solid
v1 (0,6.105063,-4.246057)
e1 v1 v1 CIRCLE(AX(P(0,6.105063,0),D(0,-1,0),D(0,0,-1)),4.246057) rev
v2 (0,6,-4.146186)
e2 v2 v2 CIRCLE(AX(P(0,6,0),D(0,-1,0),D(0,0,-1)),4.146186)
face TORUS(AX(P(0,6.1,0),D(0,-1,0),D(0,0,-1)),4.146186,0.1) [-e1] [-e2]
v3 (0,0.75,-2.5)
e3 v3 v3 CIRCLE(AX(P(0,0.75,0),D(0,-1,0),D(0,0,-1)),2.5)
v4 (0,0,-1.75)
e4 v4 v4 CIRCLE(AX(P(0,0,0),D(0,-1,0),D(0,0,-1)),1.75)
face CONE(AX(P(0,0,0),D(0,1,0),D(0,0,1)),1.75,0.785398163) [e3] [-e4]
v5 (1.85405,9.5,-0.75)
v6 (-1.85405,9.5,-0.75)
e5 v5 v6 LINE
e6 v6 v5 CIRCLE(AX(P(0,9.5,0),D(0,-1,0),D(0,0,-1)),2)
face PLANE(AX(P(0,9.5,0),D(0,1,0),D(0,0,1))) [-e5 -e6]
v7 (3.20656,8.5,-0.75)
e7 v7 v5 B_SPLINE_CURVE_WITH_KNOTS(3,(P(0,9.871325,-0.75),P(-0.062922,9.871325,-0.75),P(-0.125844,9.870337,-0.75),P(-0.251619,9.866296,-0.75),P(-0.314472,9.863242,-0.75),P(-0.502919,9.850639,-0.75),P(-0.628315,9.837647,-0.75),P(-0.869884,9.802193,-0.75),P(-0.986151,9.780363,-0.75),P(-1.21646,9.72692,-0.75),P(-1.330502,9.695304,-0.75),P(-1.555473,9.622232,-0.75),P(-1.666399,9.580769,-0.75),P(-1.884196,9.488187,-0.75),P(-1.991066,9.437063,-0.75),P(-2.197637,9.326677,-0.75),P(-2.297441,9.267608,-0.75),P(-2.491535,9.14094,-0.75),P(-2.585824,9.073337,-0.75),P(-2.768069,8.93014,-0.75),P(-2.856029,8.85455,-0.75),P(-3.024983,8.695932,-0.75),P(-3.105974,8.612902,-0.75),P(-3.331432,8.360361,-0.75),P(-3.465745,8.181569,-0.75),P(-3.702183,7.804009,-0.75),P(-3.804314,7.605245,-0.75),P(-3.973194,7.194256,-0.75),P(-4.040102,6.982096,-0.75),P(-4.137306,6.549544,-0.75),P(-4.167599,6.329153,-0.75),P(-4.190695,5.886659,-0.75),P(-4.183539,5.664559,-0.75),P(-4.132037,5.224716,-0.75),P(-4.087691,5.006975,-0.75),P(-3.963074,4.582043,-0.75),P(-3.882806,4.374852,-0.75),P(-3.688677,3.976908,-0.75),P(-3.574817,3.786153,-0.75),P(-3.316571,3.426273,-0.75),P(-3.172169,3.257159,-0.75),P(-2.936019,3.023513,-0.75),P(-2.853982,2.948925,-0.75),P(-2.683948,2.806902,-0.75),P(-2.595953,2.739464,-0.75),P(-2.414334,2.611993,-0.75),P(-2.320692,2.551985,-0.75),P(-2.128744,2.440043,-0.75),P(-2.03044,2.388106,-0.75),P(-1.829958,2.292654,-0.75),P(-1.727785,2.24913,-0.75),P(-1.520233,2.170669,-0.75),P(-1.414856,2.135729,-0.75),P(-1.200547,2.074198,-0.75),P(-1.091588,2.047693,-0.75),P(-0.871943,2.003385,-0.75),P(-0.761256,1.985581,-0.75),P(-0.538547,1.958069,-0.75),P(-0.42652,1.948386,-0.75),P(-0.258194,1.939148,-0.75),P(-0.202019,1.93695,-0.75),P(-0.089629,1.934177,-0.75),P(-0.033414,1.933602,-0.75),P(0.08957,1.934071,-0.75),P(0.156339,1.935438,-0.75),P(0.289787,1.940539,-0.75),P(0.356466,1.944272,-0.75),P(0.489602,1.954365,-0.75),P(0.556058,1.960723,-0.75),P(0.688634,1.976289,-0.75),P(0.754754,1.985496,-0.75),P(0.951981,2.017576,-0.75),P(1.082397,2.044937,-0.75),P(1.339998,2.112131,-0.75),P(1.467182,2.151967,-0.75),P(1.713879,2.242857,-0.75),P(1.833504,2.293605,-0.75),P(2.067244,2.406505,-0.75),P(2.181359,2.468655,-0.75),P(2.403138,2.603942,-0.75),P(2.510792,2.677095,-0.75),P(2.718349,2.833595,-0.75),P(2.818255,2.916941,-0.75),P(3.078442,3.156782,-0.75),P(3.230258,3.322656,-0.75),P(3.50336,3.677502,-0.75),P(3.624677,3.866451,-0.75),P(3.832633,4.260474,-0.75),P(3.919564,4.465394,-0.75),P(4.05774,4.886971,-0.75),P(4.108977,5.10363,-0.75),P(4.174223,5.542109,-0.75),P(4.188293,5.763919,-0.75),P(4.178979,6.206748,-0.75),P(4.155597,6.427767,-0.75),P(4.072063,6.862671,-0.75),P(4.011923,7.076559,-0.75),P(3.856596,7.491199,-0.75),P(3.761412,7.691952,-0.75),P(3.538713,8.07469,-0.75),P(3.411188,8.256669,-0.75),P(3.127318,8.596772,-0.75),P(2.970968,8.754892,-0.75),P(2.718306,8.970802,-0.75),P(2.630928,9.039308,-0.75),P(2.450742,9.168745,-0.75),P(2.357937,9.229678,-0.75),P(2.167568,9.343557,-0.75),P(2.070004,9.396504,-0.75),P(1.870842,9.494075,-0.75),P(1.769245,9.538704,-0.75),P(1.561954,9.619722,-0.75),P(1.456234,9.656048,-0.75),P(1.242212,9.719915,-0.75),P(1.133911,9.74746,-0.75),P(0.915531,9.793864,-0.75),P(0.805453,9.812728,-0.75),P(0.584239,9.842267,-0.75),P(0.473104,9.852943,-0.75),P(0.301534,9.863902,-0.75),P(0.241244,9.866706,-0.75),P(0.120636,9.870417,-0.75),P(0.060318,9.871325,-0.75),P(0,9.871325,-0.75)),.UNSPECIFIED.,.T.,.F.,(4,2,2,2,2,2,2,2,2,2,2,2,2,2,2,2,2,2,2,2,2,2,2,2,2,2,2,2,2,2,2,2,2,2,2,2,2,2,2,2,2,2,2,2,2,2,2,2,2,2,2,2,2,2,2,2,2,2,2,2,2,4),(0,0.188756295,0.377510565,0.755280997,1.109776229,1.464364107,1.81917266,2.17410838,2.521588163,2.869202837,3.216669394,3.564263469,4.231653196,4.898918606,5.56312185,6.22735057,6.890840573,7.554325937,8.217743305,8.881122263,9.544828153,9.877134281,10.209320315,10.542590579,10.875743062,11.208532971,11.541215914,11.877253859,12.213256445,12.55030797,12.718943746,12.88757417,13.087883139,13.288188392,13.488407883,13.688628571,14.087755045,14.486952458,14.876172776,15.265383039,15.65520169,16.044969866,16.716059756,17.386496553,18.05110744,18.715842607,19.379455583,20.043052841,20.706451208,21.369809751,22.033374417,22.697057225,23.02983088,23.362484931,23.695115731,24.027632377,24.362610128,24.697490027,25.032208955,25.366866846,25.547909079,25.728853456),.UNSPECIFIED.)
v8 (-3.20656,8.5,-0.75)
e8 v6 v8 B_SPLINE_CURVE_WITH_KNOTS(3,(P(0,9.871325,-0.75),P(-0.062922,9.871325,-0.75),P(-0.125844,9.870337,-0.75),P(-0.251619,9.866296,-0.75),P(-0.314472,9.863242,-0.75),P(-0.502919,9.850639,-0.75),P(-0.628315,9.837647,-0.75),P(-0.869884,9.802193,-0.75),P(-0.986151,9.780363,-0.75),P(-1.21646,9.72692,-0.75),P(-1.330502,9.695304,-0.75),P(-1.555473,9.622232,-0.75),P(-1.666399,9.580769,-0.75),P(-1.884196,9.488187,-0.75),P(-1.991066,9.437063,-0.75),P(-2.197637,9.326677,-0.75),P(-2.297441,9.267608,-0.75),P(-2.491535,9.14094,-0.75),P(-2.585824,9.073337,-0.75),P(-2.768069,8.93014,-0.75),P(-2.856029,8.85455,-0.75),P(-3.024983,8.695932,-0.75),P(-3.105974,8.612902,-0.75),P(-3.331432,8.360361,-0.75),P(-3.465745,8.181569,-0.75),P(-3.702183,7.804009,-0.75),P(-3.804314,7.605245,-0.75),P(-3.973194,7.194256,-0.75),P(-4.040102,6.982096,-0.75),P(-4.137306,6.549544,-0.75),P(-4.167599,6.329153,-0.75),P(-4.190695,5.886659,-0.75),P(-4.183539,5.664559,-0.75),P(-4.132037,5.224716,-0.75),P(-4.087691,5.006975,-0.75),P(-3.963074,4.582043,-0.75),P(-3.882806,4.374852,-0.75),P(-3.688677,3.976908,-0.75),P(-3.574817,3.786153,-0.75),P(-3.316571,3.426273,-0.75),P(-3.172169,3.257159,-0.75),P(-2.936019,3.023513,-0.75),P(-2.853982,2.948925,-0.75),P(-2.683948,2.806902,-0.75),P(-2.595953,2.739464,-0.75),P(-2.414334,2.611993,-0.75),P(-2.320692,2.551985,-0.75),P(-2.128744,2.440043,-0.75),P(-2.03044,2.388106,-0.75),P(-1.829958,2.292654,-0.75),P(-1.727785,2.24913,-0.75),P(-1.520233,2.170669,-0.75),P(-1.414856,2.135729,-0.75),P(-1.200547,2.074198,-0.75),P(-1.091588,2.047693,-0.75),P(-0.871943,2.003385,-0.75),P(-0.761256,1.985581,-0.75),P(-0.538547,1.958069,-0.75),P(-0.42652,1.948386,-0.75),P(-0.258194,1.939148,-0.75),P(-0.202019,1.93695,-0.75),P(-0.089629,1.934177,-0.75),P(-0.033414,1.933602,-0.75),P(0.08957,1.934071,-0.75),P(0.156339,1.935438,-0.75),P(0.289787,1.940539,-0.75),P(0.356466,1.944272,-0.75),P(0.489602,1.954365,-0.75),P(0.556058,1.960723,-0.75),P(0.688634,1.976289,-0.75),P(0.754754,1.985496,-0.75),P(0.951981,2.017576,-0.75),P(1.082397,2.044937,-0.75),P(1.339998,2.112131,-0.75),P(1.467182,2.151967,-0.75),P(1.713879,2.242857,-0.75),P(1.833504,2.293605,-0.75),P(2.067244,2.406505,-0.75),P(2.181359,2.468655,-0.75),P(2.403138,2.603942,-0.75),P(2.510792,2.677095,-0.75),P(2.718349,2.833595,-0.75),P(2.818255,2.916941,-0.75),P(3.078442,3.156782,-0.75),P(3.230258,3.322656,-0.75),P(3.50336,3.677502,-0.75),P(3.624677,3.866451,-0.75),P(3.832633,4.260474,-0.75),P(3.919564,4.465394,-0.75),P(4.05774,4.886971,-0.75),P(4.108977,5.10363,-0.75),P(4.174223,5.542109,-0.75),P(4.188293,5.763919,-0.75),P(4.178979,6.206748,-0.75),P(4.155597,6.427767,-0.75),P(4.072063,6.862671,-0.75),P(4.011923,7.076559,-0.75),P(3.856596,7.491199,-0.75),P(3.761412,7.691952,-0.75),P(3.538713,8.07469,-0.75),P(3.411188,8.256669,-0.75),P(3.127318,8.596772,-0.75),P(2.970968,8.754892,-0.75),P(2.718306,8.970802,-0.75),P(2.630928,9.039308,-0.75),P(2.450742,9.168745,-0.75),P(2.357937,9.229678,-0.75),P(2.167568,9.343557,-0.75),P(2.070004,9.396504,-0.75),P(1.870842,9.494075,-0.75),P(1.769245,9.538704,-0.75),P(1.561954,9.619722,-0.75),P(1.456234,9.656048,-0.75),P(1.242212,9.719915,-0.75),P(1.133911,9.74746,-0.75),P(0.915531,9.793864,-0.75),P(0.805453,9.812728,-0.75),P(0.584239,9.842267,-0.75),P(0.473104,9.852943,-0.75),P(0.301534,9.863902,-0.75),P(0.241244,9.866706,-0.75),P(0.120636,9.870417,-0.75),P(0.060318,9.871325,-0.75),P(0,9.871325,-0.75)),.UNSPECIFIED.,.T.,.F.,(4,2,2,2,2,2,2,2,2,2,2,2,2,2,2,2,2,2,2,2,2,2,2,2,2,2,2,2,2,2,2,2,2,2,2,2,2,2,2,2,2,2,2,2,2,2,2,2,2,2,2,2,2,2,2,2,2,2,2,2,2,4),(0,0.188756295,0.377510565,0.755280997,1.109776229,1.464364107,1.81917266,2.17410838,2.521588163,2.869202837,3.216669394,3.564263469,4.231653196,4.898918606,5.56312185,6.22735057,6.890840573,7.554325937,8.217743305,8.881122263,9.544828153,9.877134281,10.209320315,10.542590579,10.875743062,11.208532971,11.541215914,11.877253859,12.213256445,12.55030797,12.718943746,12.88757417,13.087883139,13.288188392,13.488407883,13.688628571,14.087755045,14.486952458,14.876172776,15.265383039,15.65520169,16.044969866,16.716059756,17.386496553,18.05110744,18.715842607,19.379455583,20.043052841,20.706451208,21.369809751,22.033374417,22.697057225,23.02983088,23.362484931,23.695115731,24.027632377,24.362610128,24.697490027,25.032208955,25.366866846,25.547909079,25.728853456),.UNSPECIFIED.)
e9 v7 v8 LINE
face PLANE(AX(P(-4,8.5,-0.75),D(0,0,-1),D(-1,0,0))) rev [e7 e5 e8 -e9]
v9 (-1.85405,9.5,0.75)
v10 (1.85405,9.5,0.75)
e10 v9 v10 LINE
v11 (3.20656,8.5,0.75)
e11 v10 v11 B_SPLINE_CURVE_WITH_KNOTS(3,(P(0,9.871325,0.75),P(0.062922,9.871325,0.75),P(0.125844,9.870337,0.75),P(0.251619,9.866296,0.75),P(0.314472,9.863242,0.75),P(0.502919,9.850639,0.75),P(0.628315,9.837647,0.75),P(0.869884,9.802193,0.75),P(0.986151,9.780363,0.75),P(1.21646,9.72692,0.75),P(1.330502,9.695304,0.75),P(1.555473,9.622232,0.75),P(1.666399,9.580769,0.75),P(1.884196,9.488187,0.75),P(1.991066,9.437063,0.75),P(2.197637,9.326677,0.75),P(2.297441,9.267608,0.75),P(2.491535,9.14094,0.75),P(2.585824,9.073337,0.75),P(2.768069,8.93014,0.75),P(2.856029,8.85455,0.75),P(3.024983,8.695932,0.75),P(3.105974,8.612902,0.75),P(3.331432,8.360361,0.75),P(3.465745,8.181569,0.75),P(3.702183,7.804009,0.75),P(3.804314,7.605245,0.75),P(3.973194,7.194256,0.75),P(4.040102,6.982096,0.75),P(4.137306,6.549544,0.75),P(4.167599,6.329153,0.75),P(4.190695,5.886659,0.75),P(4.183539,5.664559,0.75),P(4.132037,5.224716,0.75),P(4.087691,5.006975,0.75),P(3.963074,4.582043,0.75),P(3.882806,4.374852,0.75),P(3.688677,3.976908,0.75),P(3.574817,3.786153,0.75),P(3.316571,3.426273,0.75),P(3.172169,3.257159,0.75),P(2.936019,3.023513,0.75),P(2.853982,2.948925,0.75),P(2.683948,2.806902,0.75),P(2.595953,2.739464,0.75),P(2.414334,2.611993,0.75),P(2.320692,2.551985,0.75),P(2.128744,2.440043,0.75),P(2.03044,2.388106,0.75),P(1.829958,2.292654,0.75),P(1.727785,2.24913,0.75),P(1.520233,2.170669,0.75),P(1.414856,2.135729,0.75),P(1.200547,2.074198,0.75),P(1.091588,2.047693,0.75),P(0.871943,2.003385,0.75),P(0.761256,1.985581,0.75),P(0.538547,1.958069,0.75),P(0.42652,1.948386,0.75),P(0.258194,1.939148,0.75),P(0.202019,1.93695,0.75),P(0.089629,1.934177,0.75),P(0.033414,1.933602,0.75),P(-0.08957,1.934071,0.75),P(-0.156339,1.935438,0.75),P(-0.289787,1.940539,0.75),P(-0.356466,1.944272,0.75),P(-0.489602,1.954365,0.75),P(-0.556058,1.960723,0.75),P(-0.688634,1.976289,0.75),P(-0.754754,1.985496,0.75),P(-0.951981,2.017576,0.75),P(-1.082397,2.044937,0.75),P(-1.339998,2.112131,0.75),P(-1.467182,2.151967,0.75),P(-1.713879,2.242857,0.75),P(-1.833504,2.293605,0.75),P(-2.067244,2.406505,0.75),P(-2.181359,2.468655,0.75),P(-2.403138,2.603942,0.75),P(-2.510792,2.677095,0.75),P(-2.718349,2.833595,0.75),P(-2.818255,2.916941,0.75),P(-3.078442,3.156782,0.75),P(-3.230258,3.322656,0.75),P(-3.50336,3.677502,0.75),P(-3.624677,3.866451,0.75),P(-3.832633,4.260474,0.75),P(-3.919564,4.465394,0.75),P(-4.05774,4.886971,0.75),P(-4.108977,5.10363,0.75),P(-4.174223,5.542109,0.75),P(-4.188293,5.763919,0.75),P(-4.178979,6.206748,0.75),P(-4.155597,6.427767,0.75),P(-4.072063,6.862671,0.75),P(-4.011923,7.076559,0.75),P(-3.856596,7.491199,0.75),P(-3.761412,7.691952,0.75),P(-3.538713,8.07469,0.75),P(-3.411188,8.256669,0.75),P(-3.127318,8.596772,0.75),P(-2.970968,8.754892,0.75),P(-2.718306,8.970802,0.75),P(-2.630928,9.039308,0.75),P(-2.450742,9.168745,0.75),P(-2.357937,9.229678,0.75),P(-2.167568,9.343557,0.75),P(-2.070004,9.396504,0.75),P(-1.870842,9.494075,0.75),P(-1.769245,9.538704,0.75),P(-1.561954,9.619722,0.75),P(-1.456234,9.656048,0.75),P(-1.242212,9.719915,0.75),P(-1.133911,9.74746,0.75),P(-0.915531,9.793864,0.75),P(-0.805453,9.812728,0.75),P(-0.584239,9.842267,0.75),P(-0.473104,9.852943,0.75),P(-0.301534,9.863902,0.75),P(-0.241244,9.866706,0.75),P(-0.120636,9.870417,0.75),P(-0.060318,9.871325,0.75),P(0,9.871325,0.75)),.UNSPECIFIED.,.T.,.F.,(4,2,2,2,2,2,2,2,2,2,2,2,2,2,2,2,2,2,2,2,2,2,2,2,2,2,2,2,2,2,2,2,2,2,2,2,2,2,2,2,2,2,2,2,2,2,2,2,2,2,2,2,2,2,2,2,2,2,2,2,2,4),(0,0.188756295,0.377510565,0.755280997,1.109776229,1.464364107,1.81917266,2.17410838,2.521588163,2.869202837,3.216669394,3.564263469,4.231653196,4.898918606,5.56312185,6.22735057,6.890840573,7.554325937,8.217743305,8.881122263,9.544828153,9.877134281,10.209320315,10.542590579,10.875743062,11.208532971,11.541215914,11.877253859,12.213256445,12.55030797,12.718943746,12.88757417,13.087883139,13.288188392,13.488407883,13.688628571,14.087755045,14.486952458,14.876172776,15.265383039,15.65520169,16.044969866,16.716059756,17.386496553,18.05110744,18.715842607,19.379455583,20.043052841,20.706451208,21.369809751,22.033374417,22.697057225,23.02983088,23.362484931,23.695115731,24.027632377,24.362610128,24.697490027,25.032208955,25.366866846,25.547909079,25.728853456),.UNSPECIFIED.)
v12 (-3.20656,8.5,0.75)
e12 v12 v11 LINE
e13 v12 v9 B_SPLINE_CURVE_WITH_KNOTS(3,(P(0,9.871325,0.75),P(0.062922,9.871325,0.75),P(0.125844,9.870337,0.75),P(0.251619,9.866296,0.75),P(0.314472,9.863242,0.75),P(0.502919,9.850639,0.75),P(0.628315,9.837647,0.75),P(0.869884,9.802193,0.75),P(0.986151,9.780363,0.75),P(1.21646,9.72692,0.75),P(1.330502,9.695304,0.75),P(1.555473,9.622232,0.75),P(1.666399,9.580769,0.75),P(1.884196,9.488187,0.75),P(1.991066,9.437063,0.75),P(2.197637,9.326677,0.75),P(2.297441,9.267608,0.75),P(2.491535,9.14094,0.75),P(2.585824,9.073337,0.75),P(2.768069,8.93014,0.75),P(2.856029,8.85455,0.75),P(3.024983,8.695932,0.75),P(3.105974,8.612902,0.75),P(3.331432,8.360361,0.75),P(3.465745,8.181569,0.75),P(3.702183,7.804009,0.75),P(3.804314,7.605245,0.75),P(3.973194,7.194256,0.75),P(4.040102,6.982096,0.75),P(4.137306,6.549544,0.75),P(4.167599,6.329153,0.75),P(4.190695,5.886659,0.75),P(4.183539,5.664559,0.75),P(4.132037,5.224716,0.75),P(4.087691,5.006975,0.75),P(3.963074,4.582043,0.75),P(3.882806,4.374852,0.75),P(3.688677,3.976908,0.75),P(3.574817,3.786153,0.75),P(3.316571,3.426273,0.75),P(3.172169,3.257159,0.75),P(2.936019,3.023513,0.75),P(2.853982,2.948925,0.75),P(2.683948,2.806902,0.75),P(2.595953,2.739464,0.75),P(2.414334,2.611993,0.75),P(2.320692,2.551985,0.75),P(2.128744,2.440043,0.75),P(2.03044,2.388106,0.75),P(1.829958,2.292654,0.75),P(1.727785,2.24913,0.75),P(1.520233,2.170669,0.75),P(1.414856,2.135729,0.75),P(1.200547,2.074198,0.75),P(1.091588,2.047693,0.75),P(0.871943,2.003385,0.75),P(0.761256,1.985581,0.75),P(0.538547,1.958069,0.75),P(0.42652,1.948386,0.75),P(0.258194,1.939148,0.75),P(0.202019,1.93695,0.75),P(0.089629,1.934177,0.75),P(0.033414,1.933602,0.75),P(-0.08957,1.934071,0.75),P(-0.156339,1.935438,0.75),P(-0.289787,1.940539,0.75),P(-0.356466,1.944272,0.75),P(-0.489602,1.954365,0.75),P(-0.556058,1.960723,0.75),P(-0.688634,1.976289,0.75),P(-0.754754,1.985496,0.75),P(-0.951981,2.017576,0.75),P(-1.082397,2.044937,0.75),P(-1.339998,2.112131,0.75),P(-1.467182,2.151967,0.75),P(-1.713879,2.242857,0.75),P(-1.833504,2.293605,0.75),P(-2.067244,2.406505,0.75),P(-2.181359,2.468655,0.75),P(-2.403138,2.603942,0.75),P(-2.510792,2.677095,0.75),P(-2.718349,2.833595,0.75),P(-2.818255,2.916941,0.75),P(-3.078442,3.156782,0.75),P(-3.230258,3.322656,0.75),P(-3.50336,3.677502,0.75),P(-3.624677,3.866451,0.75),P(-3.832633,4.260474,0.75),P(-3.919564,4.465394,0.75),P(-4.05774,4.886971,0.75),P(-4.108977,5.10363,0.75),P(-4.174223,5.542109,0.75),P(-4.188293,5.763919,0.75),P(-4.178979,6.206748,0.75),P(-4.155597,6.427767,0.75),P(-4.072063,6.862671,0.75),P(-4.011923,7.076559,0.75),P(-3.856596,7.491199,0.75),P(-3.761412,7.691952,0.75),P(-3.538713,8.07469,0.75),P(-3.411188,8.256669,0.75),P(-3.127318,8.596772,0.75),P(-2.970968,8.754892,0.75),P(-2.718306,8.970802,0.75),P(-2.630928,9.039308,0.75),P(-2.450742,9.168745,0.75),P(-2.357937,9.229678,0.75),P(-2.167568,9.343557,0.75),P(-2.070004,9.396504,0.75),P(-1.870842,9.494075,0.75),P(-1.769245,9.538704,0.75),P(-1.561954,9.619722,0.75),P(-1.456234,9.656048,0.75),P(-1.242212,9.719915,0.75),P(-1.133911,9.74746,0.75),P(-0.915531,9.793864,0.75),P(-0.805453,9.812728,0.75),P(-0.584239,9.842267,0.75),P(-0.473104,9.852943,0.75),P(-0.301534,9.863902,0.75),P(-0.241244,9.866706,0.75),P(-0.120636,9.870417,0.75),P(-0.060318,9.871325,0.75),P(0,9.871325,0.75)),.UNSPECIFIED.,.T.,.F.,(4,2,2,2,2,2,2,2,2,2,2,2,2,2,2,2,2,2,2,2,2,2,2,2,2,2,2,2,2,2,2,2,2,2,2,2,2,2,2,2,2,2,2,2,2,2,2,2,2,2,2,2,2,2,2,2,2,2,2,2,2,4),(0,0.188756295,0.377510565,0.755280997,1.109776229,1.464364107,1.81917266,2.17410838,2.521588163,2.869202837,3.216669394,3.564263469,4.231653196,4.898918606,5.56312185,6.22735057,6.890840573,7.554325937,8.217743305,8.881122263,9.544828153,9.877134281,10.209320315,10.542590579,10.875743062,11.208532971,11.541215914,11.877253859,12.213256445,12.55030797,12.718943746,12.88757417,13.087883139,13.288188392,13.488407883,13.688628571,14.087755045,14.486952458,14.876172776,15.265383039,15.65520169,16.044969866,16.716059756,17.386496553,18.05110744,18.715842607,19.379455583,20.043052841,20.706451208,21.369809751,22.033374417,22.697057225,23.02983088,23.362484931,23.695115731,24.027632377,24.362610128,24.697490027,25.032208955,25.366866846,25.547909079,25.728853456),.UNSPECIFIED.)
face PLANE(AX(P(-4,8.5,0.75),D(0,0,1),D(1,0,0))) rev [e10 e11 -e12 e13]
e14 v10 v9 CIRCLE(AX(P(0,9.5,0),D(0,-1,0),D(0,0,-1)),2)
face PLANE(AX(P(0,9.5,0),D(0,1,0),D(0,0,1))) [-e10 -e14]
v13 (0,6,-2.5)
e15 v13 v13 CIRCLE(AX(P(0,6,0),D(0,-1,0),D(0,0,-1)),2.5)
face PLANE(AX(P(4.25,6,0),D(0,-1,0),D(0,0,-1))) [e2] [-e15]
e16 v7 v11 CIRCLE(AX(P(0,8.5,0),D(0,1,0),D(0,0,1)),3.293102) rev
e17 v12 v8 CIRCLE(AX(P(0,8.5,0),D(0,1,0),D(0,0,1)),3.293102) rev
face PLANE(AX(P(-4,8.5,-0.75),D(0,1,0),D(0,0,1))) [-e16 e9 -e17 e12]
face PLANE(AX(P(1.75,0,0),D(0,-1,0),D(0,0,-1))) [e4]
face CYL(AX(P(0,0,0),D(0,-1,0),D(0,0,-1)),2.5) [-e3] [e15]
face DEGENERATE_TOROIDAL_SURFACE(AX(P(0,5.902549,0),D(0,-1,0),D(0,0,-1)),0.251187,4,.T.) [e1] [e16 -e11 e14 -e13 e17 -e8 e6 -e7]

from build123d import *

# Parameters (mm, degrees)
FILLET_1_R          = 0.1
SKETCH_3_W          = 8
SKETCH_3_H          = 1.5
CUT_EXTRUDE_2_DEPTH = 1


with BuildPart() as part:
    # Эскиз1 → Повернуть1 (revolve)
    with BuildSketch(Plane.XY):
        with BuildLine():
            Line((4.25, 6), (2.5, 6))
            Line((2.5, 6), (2.5, 0.75))
            Line((2.5, 0.75), (1.75, 0))
            Line((1.75, 0), (0, 0))
            Line((0, 0), (0, 9.5))
            Line((0, 9.5), (2, 9.5))
            ThreePointArc((2, 9.5), (3.615901166, 8.065579321), (4.25, 6))
        make_face()
    revolve(axis=Axis((0, 0, 0), (0, 1, 0)))

    # Скругление1
    fillet_1_edges = [part.edges().sort_by_distance(p)[0] for p in [
        (-4.25, 6, 0),
    ]]
    fillet(fillet_1_edges, radius=FILLET_1_R)

    # Эскиз3 → Вырез-Вытянуть2 (cut)
    with BuildSketch(Plane(origin=(0, 9.5, 0), x_dir=(-1, 0, 0), z_dir=(0, 1, 0))):
        Rectangle(SKETCH_3_W, SKETCH_3_H)
    extrude(amount=-CUT_EXTRUDE_2_DEPTH, mode=Mode.SUBTRACT)


solid = part.part
